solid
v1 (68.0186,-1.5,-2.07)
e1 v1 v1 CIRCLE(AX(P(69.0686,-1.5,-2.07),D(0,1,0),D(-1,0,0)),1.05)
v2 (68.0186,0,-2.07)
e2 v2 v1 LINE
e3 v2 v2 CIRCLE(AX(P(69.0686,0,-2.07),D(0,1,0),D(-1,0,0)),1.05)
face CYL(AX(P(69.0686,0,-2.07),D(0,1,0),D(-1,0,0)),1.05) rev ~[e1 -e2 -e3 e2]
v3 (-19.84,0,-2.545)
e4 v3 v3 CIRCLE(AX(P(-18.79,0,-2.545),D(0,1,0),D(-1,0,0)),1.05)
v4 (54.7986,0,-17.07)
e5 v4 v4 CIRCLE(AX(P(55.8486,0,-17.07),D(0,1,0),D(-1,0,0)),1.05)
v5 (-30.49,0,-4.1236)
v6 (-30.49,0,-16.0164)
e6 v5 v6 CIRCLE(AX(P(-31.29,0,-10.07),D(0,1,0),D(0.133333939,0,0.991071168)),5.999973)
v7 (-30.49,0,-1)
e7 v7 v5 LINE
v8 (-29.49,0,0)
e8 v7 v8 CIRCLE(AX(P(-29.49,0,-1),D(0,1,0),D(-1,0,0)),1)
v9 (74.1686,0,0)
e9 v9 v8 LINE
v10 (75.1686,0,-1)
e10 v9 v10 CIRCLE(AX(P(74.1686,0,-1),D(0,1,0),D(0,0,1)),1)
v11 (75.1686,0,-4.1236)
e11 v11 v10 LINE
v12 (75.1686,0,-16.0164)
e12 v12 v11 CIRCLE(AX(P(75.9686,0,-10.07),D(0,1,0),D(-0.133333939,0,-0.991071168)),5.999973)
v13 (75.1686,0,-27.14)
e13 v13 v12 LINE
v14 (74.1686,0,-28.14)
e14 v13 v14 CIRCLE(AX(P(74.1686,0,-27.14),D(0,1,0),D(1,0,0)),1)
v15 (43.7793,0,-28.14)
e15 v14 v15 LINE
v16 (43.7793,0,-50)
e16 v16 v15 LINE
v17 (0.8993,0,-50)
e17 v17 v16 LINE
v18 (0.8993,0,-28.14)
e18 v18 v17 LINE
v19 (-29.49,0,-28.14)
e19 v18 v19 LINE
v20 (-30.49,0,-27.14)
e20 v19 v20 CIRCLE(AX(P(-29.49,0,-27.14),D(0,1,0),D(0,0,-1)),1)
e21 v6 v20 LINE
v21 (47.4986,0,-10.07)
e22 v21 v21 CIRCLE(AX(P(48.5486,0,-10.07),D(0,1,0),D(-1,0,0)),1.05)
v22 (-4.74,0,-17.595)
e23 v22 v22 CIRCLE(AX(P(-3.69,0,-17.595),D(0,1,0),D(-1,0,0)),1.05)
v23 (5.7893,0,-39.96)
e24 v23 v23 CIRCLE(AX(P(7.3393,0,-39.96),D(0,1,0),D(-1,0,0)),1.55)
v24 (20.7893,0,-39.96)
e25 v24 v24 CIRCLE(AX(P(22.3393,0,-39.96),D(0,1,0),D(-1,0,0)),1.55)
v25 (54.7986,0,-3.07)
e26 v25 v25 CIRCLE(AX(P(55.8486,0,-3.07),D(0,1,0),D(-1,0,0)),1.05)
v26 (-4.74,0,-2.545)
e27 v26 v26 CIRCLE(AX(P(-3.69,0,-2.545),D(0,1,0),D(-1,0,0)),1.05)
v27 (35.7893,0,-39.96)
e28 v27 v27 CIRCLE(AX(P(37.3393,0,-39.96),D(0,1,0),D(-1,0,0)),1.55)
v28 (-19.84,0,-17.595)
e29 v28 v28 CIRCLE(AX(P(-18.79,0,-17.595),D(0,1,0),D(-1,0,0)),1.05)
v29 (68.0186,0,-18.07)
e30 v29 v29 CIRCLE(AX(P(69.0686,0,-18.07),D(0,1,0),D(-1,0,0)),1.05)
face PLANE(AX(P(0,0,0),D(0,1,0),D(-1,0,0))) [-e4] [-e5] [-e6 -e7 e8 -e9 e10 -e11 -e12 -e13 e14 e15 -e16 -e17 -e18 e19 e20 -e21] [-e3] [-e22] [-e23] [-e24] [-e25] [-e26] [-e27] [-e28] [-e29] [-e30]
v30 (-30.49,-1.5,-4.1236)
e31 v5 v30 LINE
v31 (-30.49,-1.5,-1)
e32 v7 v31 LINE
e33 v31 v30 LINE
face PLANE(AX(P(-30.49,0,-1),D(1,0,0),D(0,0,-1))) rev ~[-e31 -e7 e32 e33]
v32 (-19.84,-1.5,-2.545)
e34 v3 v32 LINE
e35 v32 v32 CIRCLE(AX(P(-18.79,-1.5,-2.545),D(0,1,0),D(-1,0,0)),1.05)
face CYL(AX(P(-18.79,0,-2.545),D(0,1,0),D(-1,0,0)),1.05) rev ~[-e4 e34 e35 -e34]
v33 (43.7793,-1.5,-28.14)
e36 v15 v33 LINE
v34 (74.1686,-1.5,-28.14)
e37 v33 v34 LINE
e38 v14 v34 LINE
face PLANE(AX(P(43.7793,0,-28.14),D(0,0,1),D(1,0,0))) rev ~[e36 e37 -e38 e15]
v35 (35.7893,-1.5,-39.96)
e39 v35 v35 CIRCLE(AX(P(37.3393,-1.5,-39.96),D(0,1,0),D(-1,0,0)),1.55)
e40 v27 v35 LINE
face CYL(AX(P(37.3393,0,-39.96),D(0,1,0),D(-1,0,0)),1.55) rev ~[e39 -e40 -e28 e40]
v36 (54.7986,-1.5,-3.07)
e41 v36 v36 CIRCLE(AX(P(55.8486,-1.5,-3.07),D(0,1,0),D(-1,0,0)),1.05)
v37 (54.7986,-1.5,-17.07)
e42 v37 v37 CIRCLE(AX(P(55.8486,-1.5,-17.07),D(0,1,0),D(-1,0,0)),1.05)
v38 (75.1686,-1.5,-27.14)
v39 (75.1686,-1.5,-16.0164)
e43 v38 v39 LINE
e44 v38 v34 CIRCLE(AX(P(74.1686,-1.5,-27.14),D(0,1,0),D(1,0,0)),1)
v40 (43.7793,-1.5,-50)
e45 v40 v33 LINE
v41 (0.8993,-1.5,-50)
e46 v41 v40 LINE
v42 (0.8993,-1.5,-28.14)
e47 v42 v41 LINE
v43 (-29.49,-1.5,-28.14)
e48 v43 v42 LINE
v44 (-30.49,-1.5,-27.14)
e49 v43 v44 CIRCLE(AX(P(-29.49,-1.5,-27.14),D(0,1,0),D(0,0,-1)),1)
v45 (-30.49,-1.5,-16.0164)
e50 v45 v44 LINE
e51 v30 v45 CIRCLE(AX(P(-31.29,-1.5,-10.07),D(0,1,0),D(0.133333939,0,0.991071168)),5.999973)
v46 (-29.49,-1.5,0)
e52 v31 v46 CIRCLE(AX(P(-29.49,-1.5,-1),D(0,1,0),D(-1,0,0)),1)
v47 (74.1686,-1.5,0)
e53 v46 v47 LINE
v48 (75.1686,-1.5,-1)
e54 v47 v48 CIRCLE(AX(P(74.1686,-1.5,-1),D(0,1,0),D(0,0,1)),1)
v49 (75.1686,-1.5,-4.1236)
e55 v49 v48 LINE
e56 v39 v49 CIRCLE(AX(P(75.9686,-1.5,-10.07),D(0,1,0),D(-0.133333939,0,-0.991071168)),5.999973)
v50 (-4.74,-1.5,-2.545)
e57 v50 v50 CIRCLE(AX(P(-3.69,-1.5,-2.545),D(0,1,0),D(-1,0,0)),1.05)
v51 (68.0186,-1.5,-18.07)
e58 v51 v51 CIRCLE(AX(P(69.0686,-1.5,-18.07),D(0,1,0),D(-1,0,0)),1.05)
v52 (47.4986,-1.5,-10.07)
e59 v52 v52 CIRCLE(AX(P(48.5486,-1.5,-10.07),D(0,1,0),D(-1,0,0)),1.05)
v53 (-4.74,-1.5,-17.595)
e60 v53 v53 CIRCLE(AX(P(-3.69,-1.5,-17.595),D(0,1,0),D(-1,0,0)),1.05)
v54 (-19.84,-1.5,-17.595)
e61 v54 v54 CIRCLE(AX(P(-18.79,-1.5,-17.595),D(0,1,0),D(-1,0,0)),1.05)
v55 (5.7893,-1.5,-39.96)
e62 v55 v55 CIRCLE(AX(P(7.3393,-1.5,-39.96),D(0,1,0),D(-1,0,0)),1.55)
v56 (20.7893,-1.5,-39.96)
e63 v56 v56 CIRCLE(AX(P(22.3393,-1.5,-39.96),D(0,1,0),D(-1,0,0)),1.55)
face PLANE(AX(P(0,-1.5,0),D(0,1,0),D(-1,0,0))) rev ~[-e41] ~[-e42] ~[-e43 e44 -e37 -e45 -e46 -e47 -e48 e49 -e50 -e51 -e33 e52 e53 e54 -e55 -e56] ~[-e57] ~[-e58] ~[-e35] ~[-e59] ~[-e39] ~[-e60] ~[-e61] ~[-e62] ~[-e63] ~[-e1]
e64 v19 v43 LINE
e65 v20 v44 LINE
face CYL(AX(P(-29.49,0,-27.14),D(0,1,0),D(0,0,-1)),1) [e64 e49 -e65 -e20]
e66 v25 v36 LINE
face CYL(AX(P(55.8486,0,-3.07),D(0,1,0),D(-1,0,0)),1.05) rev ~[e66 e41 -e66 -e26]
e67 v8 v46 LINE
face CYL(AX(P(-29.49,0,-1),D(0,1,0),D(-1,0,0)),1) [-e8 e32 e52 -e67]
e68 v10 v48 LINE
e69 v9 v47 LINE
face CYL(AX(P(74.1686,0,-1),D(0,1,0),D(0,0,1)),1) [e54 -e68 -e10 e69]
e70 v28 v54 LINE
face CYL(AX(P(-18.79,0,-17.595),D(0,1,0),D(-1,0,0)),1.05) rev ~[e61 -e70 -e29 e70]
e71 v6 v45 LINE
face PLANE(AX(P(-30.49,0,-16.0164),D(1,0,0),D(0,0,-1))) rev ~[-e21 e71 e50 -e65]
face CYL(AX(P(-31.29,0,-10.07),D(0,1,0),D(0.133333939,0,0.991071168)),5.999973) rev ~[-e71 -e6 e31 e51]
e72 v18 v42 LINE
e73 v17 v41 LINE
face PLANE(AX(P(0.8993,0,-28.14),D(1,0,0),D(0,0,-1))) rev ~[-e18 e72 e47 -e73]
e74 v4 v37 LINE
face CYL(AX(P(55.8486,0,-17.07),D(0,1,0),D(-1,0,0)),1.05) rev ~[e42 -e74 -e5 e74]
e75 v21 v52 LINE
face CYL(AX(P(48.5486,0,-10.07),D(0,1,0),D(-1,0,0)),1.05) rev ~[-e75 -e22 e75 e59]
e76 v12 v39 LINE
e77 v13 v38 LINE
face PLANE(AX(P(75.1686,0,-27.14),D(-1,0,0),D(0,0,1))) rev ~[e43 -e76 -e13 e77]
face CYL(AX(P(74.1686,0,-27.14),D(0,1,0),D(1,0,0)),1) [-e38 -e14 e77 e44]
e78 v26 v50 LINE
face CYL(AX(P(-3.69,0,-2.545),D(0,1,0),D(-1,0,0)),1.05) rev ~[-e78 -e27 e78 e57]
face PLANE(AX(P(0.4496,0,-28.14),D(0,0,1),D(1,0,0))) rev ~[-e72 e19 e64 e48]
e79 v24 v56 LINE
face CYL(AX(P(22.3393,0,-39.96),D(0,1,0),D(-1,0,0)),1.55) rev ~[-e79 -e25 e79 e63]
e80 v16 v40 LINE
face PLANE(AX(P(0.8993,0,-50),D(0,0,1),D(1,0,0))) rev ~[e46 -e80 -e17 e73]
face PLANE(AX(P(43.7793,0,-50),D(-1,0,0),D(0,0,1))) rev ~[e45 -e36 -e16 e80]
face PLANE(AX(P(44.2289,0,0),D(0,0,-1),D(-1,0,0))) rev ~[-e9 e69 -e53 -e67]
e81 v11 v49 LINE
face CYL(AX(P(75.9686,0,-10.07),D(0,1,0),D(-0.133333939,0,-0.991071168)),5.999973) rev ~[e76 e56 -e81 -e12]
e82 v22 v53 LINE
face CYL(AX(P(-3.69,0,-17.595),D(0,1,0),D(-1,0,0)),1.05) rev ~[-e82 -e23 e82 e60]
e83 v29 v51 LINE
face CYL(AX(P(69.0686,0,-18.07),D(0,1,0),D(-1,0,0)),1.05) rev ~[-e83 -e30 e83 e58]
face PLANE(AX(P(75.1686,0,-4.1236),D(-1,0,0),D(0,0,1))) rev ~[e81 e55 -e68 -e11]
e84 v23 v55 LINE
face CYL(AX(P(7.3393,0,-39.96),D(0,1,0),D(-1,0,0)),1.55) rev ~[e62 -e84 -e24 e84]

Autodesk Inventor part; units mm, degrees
ref_plane "YZ Plane" through (0, 0, 0) normal (1, 0, 0) x (0, 1, 0)
ref_plane "XZ Plane" through (0, 0, 0) normal (0, 1, 0) x (-1, 0, 0)
ref_plane "XY Plane" through (0, 0, 0) normal (0, 0, 1) x (1, 0, 0)
sketch "Sketch1" plane through (0, 0, 0) normal (0, 1, 0) x (-1, 0, 0)
  line L0 (-44.2289, 0) -> (-44.2289, -28.14)
  line L1 (-0.4496, -28.14) -> (-0.4496, 0)
  circle A0 centre (-37.3393, -39.96) radius 1.55
  circle A1 centre (-22.3393, -39.96) radius 1.55
  circle A2 centre (-7.3393, -39.96) radius 1.55
  circle A3 centre (-48.5486, -10.07) radius 1.05
  circle A4 centre (-55.8486, -17.07) radius 1.05
  circle A5 centre (-55.8486, -3.07) radius 1.05
  circle A6 centre (-69.0686, -18.07) radius 1.05
  circle A7 centre (-69.0686, -2.07) radius 1.05
  circle A8 centre (18.79, -17.595) radius 1.05
  circle A9 centre (18.79, -2.545) radius 1.05
  circle A10 centre (3.69, -17.595) radius 1.05
  circle A11 centre (3.69, -2.545) radius 1.05
  arc A12 (30.49, -1) -> (29.49, 0) centre (29.49, -1) ccw
  line L2 (30.49, -1) -> (30.49, -4.1236)
  arc A13 (29.49, -28.14) -> (30.49, -27.14) centre (29.49, -27.14) ccw
  line L3 (29.49, -28.14) -> (-0.8993, -28.14)
  arc A14 (-75.1686, -27.14) -> (-74.1686, -28.14) centre (-74.1686, -27.14) ccw
  line L4 (-75.1686, -27.14) -> (-75.1686, -16.0164)
  line L5 (-43.7793, -28.14) -> (-74.1686, -28.14)
  line L6 (-43.7793, -50) -> (-43.7793, -28.14)
  line L7 (-0.8993, -50) -> (-43.7793, -50)
  line L8 (-0.8993, -28.14) -> (-0.8993, -50)
  line L9 (30.49, -16.0164) -> (30.49, -27.14)
  arc A15 (30.49, -4.1236) -> (30.49, -16.0164) centre (31.29, -10.07) ccw
  line L10 (-74.1686, 0) -> (29.49, 0)
  arc A16 (-74.1686, 0) -> (-75.1686, -1) centre (-74.1686, -1) ccw
  line L11 (-75.1686, -4.1236) -> (-75.1686, -1)
  arc A17 (-75.1686, -16.0164) -> (-75.1686, -4.1236) centre (-75.9686, -10.07) ccw
  line L12 (-44.6786, -28.14) -> (-44.6786, 0)
  line L13 (-43.7793, 0) -> (-43.7793, -28.14)
  line L14 (-0.8993, -28.14) -> (-0.8993, 0)
  line L15 (0, 0) -> (0, -28.14)
extrude "Extrusion1" add sketch "Sketch1" against normal blind 1.5
properties part number "axis_23_top_frame"
